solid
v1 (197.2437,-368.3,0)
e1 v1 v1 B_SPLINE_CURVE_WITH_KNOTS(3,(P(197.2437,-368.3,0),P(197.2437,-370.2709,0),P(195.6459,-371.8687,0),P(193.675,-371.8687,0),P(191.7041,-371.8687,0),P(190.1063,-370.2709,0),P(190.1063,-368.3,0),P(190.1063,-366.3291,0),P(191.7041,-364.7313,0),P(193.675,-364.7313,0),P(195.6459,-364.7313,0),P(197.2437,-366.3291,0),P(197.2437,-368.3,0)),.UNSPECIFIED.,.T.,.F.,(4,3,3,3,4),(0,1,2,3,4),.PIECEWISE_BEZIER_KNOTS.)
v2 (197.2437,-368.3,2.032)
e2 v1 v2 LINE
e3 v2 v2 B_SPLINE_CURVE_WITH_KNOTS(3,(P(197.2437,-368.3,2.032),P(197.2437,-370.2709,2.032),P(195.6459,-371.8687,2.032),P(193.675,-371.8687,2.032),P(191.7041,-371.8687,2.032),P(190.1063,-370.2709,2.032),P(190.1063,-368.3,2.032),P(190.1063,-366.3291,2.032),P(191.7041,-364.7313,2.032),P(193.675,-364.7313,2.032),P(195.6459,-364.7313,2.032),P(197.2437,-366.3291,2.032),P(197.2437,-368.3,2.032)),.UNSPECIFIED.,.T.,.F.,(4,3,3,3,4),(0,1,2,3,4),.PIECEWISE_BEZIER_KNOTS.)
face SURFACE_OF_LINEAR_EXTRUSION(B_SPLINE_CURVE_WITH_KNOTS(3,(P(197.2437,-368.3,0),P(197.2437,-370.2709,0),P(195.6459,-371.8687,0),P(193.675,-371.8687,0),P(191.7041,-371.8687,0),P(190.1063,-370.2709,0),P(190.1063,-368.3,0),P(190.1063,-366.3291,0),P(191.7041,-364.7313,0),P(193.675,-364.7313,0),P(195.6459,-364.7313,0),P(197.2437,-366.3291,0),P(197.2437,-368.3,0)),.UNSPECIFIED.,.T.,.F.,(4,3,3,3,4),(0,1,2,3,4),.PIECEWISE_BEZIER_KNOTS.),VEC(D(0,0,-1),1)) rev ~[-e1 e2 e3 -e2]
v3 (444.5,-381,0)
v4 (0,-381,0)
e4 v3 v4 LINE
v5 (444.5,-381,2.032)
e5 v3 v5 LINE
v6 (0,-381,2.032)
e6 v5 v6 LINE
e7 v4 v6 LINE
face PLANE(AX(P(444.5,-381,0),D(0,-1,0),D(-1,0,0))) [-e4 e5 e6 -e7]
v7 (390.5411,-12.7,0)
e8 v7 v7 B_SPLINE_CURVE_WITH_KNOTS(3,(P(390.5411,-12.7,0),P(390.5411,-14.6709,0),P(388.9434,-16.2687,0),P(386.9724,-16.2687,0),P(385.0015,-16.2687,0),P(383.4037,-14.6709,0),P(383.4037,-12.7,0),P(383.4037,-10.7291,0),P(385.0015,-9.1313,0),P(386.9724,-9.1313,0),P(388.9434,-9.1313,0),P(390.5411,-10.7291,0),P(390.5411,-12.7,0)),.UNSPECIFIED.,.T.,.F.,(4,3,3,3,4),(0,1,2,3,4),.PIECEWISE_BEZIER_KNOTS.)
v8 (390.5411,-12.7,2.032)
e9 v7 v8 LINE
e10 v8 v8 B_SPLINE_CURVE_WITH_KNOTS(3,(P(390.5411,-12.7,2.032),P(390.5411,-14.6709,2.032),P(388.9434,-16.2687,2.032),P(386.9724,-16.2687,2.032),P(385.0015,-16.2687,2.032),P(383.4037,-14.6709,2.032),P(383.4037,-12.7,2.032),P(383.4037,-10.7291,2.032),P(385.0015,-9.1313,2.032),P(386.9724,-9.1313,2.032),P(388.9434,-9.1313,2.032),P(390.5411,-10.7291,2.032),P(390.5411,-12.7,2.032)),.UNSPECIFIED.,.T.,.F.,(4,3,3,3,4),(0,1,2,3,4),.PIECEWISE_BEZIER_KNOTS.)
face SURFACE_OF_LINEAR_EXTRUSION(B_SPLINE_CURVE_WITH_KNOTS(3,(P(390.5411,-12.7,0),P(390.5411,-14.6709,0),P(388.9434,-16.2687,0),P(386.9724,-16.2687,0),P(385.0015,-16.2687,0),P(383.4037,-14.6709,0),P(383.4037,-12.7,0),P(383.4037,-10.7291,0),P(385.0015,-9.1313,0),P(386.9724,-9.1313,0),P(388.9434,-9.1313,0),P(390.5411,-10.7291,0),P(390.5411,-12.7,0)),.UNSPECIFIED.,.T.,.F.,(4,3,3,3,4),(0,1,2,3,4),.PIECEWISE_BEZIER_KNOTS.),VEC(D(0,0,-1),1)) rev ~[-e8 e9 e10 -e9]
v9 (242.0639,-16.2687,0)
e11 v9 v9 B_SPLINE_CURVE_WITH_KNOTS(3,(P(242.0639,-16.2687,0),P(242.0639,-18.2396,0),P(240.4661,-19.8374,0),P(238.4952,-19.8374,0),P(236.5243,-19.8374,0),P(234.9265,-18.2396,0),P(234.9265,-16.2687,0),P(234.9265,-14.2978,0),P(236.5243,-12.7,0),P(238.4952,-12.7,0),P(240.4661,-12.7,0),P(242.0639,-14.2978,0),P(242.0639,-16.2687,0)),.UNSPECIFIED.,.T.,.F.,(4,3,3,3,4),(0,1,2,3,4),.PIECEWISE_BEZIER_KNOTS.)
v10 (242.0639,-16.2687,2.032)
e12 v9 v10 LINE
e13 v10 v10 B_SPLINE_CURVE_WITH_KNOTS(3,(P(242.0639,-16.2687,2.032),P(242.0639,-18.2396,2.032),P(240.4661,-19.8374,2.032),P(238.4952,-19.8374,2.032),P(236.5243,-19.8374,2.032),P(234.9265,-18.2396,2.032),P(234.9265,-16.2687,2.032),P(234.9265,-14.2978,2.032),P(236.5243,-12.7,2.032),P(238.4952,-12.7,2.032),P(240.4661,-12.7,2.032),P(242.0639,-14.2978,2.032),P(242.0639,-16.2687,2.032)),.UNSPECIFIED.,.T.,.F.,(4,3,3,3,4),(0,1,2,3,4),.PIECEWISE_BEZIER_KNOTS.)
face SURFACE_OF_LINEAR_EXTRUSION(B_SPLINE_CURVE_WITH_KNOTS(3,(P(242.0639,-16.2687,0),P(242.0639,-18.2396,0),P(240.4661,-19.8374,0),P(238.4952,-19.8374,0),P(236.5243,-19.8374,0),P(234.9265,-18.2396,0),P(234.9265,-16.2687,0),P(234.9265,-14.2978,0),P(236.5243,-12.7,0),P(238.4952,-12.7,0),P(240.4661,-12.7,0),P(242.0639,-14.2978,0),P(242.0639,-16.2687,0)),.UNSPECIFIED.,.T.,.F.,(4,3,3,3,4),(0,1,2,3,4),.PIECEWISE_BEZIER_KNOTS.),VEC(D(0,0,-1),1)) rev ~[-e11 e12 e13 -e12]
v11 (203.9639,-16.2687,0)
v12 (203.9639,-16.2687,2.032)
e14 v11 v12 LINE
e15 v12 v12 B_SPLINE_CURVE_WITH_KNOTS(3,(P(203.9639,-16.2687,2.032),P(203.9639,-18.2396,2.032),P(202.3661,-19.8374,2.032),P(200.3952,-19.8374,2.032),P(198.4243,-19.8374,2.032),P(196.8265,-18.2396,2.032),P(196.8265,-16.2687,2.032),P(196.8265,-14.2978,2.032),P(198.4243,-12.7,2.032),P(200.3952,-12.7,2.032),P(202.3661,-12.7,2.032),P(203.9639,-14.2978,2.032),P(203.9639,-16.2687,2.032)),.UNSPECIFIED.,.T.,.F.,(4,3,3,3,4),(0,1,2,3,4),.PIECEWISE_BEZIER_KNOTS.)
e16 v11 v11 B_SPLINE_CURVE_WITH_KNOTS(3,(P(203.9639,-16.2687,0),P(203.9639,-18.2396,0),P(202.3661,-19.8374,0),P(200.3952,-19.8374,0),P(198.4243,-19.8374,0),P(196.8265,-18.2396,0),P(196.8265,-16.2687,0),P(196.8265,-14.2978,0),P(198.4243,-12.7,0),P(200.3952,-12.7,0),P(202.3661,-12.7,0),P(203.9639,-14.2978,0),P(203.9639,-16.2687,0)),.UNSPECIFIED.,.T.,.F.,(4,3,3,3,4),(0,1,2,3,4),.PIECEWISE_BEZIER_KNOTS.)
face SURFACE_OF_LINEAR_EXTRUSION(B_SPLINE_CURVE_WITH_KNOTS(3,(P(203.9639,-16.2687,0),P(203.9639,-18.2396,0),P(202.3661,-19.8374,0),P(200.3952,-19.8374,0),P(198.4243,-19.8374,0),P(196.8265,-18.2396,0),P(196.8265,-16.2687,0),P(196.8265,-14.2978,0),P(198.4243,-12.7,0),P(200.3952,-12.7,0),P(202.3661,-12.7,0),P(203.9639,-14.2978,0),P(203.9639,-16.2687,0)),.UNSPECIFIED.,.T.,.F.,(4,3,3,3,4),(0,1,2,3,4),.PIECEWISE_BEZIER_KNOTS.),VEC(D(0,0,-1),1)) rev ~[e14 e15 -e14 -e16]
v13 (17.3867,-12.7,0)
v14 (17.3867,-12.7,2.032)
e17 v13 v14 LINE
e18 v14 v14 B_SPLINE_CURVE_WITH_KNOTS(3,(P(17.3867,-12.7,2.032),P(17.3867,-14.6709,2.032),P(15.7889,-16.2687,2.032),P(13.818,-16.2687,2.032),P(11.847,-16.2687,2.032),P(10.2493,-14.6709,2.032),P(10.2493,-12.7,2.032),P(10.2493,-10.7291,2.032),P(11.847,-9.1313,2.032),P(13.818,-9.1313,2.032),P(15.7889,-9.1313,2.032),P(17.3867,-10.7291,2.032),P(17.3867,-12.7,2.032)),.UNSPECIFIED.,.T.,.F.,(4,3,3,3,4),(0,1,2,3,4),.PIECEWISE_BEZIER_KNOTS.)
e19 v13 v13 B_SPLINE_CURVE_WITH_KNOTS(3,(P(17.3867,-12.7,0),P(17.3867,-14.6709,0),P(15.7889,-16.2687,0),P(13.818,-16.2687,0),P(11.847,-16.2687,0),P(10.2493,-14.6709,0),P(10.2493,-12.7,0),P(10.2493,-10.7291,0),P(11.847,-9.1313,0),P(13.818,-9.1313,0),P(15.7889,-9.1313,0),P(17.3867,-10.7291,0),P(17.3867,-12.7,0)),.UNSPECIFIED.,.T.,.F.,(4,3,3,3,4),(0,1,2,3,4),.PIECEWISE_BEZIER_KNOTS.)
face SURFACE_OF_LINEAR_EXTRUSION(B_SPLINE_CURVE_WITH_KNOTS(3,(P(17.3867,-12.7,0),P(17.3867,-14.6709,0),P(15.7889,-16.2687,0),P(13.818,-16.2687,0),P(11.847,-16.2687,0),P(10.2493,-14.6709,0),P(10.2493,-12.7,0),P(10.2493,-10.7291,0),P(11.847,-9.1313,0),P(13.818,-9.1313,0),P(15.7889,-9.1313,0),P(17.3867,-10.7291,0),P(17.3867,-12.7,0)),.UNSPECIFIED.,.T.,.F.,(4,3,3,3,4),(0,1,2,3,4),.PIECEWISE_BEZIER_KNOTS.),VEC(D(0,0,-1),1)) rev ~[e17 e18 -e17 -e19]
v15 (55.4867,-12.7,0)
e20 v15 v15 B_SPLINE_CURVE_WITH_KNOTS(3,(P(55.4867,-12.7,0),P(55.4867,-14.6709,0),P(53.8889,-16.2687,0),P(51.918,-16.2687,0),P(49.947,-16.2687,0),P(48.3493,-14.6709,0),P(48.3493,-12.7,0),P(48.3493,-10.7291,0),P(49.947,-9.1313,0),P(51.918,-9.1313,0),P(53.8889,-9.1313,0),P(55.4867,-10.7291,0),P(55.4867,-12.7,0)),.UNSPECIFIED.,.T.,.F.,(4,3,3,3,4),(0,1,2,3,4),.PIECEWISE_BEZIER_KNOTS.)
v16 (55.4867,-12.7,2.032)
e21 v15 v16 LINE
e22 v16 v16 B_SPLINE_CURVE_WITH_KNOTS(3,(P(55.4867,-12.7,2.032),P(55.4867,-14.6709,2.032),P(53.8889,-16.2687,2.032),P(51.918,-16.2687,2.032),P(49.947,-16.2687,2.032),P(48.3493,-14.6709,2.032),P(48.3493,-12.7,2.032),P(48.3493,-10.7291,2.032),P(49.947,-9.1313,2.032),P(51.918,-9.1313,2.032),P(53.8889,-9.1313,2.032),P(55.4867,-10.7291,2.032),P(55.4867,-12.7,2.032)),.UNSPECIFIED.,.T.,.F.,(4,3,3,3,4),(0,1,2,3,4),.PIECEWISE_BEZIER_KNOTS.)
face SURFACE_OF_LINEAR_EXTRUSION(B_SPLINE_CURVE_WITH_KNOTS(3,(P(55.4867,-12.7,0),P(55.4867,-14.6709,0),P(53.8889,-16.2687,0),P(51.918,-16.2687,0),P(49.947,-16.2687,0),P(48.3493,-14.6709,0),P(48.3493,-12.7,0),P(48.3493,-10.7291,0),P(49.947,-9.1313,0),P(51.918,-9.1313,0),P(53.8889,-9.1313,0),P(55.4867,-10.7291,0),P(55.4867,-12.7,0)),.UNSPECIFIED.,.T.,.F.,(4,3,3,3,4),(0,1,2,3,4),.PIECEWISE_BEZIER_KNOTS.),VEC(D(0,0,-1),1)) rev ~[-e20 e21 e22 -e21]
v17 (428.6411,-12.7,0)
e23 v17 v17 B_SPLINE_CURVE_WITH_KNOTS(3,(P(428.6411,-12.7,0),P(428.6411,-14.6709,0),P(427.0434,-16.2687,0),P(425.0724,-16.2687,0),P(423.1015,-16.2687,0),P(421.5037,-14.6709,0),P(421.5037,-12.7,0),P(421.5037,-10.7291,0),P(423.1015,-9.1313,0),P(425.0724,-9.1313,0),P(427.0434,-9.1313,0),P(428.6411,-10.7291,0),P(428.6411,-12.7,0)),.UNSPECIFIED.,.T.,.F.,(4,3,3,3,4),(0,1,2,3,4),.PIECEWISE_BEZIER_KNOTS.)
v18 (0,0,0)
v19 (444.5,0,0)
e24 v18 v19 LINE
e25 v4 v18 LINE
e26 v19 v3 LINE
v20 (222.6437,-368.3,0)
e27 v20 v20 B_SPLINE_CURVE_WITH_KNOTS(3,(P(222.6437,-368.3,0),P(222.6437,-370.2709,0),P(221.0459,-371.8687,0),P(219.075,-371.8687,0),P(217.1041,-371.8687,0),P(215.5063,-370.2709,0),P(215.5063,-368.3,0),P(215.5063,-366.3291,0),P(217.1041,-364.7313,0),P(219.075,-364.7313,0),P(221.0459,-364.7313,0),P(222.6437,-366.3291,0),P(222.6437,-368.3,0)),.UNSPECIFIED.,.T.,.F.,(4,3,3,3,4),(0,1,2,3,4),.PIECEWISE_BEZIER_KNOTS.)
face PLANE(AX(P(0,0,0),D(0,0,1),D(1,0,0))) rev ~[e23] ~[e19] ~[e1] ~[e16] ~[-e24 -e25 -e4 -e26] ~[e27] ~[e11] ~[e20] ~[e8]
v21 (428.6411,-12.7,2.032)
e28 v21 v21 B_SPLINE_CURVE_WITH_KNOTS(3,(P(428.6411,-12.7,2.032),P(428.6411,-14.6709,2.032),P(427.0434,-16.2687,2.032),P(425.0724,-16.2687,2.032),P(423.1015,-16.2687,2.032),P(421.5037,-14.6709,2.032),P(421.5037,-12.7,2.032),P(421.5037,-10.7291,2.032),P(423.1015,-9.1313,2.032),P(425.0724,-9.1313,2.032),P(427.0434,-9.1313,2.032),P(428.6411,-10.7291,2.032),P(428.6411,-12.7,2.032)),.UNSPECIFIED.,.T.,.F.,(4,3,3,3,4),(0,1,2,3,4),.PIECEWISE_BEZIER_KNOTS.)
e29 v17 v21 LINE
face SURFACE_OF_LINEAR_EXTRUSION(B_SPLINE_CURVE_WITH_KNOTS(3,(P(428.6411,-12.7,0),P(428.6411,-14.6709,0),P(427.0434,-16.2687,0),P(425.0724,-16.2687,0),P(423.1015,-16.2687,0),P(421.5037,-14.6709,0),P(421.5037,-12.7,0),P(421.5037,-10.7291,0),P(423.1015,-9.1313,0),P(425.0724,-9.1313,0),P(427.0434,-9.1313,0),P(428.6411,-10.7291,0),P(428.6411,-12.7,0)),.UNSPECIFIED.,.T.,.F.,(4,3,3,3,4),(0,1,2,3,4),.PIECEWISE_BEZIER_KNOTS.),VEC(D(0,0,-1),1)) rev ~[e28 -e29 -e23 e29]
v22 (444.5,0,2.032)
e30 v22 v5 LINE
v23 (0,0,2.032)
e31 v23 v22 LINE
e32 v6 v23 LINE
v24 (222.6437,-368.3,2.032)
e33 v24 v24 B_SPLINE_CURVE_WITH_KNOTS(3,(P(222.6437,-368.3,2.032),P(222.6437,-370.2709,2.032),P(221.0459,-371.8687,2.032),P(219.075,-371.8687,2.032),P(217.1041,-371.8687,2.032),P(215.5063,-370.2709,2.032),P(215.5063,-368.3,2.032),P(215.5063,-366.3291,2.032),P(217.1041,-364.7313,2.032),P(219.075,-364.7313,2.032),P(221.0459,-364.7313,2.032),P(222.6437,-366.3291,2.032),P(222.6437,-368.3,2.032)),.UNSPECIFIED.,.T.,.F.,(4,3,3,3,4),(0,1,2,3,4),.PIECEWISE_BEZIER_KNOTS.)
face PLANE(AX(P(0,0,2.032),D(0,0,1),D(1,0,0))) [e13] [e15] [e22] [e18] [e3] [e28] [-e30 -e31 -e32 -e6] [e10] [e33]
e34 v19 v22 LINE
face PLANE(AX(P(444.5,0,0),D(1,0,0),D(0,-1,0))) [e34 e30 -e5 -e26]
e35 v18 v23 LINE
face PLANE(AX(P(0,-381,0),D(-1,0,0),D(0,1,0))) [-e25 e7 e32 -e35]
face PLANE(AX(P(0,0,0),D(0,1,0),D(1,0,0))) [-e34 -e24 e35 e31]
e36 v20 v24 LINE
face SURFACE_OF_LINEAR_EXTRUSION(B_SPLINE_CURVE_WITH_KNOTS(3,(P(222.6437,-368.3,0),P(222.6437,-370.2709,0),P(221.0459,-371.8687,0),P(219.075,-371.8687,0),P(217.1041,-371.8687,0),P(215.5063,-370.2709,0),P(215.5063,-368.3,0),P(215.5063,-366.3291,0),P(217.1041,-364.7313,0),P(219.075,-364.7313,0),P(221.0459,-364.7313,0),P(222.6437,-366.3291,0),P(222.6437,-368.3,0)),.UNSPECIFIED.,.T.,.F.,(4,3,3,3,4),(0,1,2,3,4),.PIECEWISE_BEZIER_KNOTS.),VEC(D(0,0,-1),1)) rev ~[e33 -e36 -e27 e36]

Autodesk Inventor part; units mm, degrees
ref_plane "YZ Plane" through (0, 0, 0) normal (1, 0, 0) x (0, 1, 0)
ref_plane "XZ Plane" through (0, 0, 0) normal (0, 1, 0) x (-1, 0, 0)
ref_plane "XY Plane" through (0, 0, 0) normal (0, 0, 1) x (1, 0, 0)
sketch "Sketch1" plane through (0, 0, 0) normal (0, 0, 1) x (1, 0, 0)
  line L0 (0, -381) -> (0, 0)
  line L1 (0, 0) -> (444.5, 0)
  line L2 (444.5, 0) -> (444.5, -381)
  line L3 (444.5, -381) -> (0, -381)
  spline S0 degree 3 poles (17.3867, -12.7) (17.3867, -14.6709) (15.7889, -16.2687) (13.818, -16.2687) (11.847, -16.2687) (10.2493, -14.6709) (10.2493, -12.7) (10.2493, -10.7291) (11.847, -9.1313) (13.818, -9.1313) (15.7889, -9.1313) (17.3867, -10.7291) (17.3867, -12.7) knots 0 0 0 0 1 1 1 2 2 2 3 3 3 4 4 4 4
  line L4 (17.3867, -12.7) -> (17.3867, -14.6709) construction
  line L5 (17.3867, -14.6709) -> (15.7889, -16.2687) construction
  line L6 (15.7889, -16.2687) -> (13.818, -16.2687) construction
  line L7 (13.818, -16.2687) -> (11.847, -16.2687) construction
  line L8 (11.847, -16.2687) -> (10.2493, -14.6709) construction
  line L9 (10.2493, -14.6709) -> (10.2493, -12.7) construction
  line L10 (10.2493, -12.7) -> (10.2493, -10.7291) construction
  line L11 (10.2493, -10.7291) -> (11.847, -9.1313) construction
  line L12 (11.847, -9.1313) -> (13.818, -9.1313) construction
  line L13 (13.818, -9.1313) -> (15.7889, -9.1313) construction
  line L14 (15.7889, -9.1313) -> (17.3867, -10.7291) construction
  line L15 (17.3867, -10.7291) -> (17.3867, -12.7) construction
  spline S1 degree 3 poles (55.4867, -12.7) (55.4867, -14.6709) (53.8889, -16.2687) (51.918, -16.2687) (49.947, -16.2687) (48.3493, -14.6709) (48.3493, -12.7) (48.3493, -10.7291) (49.947, -9.1313) (51.918, -9.1313) (53.8889, -9.1313) (55.4867, -10.7291) (55.4867, -12.7) knots 0 0 0 0 1 1 1 2 2 2 3 3 3 4 4 4 4
  line L16 (55.4867, -12.7) -> (55.4867, -14.6709) construction
  line L17 (55.4867, -14.6709) -> (53.8889, -16.2687) construction
  line L18 (53.8889, -16.2687) -> (51.918, -16.2687) construction
  line L19 (51.918, -16.2687) -> (49.947, -16.2687) construction
  line L20 (49.947, -16.2687) -> (48.3493, -14.6709) construction
  line L21 (48.3493, -14.6709) -> (48.3493, -12.7) construction
  line L22 (48.3493, -12.7) -> (48.3493, -10.7291) construction
  line L23 (48.3493, -10.7291) -> (49.947, -9.1313) construction
  line L24 (49.947, -9.1313) -> (51.918, -9.1313) construction
  line L25 (51.918, -9.1313) -> (53.8889, -9.1313) construction
  line L26 (53.8889, -9.1313) -> (55.4867, -10.7291) construction
  line L27 (55.4867, -10.7291) -> (55.4867, -12.7) construction
  spline S2 degree 3 poles (390.5411, -12.7) (390.5411, -14.6709) (388.9434, -16.2687) (386.9724, -16.2687) (385.0015, -16.2687) (383.4037, -14.6709) (383.4037, -12.7) (383.4037, -10.7291) (385.0015, -9.1313) (386.9724, -9.1313) (388.9434, -9.1313) (390.5411, -10.7291) (390.5411, -12.7) knots 0 0 0 0 1 1 1 2 2 2 3 3 3 4 4 4 4
  line L28 (390.5411, -12.7) -> (390.5411, -14.6709) construction
  line L29 (390.5411, -14.6709) -> (388.9434, -16.2687) construction
  line L30 (388.9434, -16.2687) -> (386.9724, -16.2687) construction
  line L31 (386.9724, -16.2687) -> (385.0015, -16.2687) construction
  line L32 (385.0015, -16.2687) -> (383.4037, -14.6709) construction
  line L33 (383.4037, -14.6709) -> (383.4037, -12.7) construction
  line L34 (383.4037, -12.7) -> (383.4037, -10.7291) construction
  line L35 (383.4037, -10.7291) -> (385.0015, -9.1313) construction
  line L36 (385.0015, -9.1313) -> (386.9724, -9.1313) construction
  line L37 (386.9724, -9.1313) -> (388.9434, -9.1313) construction
  line L38 (388.9434, -9.1313) -> (390.5411, -10.7291) construction
  line L39 (390.5411, -10.7291) -> (390.5411, -12.7) construction
  spline S3 degree 3 poles (428.6411, -12.7) (428.6411, -14.6709) (427.0434, -16.2687) (425.0724, -16.2687) (423.1015, -16.2687) (421.5037, -14.6709) (421.5037, -12.7) (421.5037, -10.7291) (423.1015, -9.1313) (425.0724, -9.1313) (427.0434, -9.1313) (428.6411, -10.7291) (428.6411, -12.7) knots 0 0 0 0 1 1 1 2 2 2 3 3 3 4 4 4 4
  line L40 (428.6411, -12.7) -> (428.6411, -14.6709) construction
  line L41 (428.6411, -14.6709) -> (427.0434, -16.2687) construction
  line L42 (427.0434, -16.2687) -> (425.0724, -16.2687) construction
  line L43 (425.0724, -16.2687) -> (423.1015, -16.2687) construction
  line L44 (423.1015, -16.2687) -> (421.5037, -14.6709) construction
  line L45 (421.5037, -14.6709) -> (421.5037, -12.7) construction
  line L46 (421.5037, -12.7) -> (421.5037, -10.7291) construction
  line L47 (421.5037, -10.7291) -> (423.1015, -9.1313) construction
  line L48 (423.1015, -9.1313) -> (425.0724, -9.1313) construction
  line L49 (425.0724, -9.1313) -> (427.0434, -9.1313) construction
  line L50 (427.0434, -9.1313) -> (428.6411, -10.7291) construction
  line L51 (428.6411, -10.7291) -> (428.6411, -12.7) construction
  spline S4 degree 3 poles (203.9639, -16.2687) (203.9639, -18.2396) (202.3661, -19.8374) (200.3952, -19.8374) (198.4243, -19.8374) (196.8265, -18.2396) (196.8265, -16.2687) (196.8265, -14.2978) (198.4243, -12.7) (200.3952, -12.7) (202.3661, -12.7) (203.9639, -14.2978) (203.9639, -16.2687) knots 0 0 0 0 1 1 1 2 2 2 3 3 3 4 4 4 4
  line L52 (203.9639, -16.2687) -> (203.9639, -18.2396) construction
  line L53 (203.9639, -18.2396) -> (202.3661, -19.8374) construction
  line L54 (202.3661, -19.8374) -> (200.3952, -19.8374) construction
  line L55 (200.3952, -19.8374) -> (198.4243, -19.8374) construction
  line L56 (198.4243, -19.8374) -> (196.8265, -18.2396) construction
  line L57 (196.8265, -18.2396) -> (196.8265, -16.2687) construction
  line L58 (196.8265, -16.2687) -> (196.8265, -14.2978) construction
  line L59 (196.8265, -14.2978) -> (198.4243, -12.7) construction
  line L60 (198.4243, -12.7) -> (200.3952, -12.7) construction
  line L61 (200.3952, -12.7) -> (202.3661, -12.7) construction
  line L62 (202.3661, -12.7) -> (203.9639, -14.2978) construction
  line L63 (203.9639, -14.2978) -> (203.9639, -16.2687) construction
  spline S5 degree 3 poles (242.0639, -16.2687) (242.0639, -18.2396) (240.4661, -19.8374) (238.4952, -19.8374) (236.5243, -19.8374) (234.9265, -18.2396) (234.9265, -16.2687) (234.9265, -14.2978) (236.5243, -12.7) (238.4952, -12.7) (240.4661, -12.7) (242.0639, -14.2978) (242.0639, -16.2687) knots 0 0 0 0 1 1 1 2 2 2 3 3 3 4 4 4 4
  line L64 (242.0639, -16.2687) -> (242.0639, -18.2396) construction
  line L65 (242.0639, -18.2396) -> (240.4661, -19.8374) construction
  line L66 (240.4661, -19.8374) -> (238.4952, -19.8374) construction
  line L67 (238.4952, -19.8374) -> (236.5243, -19.8374) construction
  line L68 (236.5243, -19.8374) -> (234.9265, -18.2396) construction
  line L69 (234.9265, -18.2396) -> (234.9265, -16.2687) construction
  line L70 (234.9265, -16.2687) -> (234.9265, -14.2978) construction
  line L71 (234.9265, -14.2978) -> (236.5243, -12.7) construction
  line L72 (236.5243, -12.7) -> (238.4952, -12.7) construction
  line L73 (238.4952, -12.7) -> (240.4661, -12.7) construction
  line L74 (240.4661, -12.7) -> (242.0639, -14.2978) construction
  line L75 (242.0639, -14.2978) -> (242.0639, -16.2687) construction
  spline S6 degree 3 poles (197.2437, -368.3) (197.2437, -370.2709) (195.6459, -371.8687) (193.675, -371.8687) (191.7041, -371.8687) (190.1063, -370.2709) (190.1063, -368.3) (190.1063, -366.3291) (191.7041, -364.7313) (193.675, -364.7313) (195.6459, -364.7313) (197.2437, -366.3291) (197.2437, -368.3) knots 0 0 0 0 1 1 1 2 2 2 3 3 3 4 4 4 4
  line L76 (197.2437, -368.3) -> (197.2437, -370.2709) construction
  line L77 (197.2437, -370.2709) -> (195.6459, -371.8687) construction
  line L78 (195.6459, -371.8687) -> (193.675, -371.8687) construction
  line L79 (193.675, -371.8687) -> (191.7041, -371.8687) construction
  line L80 (191.7041, -371.8687) -> (190.1063, -370.2709) construction
  line L81 (190.1063, -370.2709) -> (190.1063, -368.3) construction
  line L82 (190.1063, -368.3) -> (190.1063, -366.3291) construction
  line L83 (190.1063, -366.3291) -> (191.7041, -364.7313) construction
  line L84 (191.7041, -364.7313) -> (193.675, -364.7313) construction
  line L85 (193.675, -364.7313) -> (195.6459, -364.7313) construction
  line L86 (195.6459, -364.7313) -> (197.2437, -366.3291) construction
  line L87 (197.2437, -366.3291) -> (197.2437, -368.3) construction
  spline S7 degree 3 poles (222.6437, -368.3) (222.6437, -370.2709) (221.0459, -371.8687) (219.075, -371.8687) (217.1041, -371.8687) (215.5063, -370.2709) (215.5063, -368.3) (215.5063, -366.3291) (217.1041, -364.7313) (219.075, -364.7313) (221.0459, -364.7313) (222.6437, -366.3291) (222.6437, -368.3) knots 0 0 0 0 1 1 1 2 2 2 3 3 3 4 4 4 4
  line L88 (222.6437, -368.3) -> (222.6437, -370.2709) construction
  line L89 (222.6437, -370.2709) -> (221.0459, -371.8687) construction
  line L90 (221.0459, -371.8687) -> (219.075, -371.8687) construction
  line L91 (219.075, -371.8687) -> (217.1041, -371.8687) construction
  line L92 (217.1041, -371.8687) -> (215.5063, -370.2709) construction
  line L93 (215.5063, -370.2709) -> (215.5063, -368.3) construction
  line L94 (215.5063, -368.3) -> (215.5063, -366.3291) construction
  line L95 (215.5063, -366.3291) -> (217.1041, -364.7313) construction
  line L96 (217.1041, -364.7313) -> (219.075, -364.7313) construction
  line L97 (219.075, -364.7313) -> (221.0459, -364.7313) construction
  line L98 (221.0459, -364.7313) -> (222.6437, -366.3291) construction
  line L99 (222.6437, -366.3291) -> (222.6437, -368.3) construction
extrude "Extrusion1" add sketch "Sketch1" along normal blind 2.032
properties part number "side shield"
